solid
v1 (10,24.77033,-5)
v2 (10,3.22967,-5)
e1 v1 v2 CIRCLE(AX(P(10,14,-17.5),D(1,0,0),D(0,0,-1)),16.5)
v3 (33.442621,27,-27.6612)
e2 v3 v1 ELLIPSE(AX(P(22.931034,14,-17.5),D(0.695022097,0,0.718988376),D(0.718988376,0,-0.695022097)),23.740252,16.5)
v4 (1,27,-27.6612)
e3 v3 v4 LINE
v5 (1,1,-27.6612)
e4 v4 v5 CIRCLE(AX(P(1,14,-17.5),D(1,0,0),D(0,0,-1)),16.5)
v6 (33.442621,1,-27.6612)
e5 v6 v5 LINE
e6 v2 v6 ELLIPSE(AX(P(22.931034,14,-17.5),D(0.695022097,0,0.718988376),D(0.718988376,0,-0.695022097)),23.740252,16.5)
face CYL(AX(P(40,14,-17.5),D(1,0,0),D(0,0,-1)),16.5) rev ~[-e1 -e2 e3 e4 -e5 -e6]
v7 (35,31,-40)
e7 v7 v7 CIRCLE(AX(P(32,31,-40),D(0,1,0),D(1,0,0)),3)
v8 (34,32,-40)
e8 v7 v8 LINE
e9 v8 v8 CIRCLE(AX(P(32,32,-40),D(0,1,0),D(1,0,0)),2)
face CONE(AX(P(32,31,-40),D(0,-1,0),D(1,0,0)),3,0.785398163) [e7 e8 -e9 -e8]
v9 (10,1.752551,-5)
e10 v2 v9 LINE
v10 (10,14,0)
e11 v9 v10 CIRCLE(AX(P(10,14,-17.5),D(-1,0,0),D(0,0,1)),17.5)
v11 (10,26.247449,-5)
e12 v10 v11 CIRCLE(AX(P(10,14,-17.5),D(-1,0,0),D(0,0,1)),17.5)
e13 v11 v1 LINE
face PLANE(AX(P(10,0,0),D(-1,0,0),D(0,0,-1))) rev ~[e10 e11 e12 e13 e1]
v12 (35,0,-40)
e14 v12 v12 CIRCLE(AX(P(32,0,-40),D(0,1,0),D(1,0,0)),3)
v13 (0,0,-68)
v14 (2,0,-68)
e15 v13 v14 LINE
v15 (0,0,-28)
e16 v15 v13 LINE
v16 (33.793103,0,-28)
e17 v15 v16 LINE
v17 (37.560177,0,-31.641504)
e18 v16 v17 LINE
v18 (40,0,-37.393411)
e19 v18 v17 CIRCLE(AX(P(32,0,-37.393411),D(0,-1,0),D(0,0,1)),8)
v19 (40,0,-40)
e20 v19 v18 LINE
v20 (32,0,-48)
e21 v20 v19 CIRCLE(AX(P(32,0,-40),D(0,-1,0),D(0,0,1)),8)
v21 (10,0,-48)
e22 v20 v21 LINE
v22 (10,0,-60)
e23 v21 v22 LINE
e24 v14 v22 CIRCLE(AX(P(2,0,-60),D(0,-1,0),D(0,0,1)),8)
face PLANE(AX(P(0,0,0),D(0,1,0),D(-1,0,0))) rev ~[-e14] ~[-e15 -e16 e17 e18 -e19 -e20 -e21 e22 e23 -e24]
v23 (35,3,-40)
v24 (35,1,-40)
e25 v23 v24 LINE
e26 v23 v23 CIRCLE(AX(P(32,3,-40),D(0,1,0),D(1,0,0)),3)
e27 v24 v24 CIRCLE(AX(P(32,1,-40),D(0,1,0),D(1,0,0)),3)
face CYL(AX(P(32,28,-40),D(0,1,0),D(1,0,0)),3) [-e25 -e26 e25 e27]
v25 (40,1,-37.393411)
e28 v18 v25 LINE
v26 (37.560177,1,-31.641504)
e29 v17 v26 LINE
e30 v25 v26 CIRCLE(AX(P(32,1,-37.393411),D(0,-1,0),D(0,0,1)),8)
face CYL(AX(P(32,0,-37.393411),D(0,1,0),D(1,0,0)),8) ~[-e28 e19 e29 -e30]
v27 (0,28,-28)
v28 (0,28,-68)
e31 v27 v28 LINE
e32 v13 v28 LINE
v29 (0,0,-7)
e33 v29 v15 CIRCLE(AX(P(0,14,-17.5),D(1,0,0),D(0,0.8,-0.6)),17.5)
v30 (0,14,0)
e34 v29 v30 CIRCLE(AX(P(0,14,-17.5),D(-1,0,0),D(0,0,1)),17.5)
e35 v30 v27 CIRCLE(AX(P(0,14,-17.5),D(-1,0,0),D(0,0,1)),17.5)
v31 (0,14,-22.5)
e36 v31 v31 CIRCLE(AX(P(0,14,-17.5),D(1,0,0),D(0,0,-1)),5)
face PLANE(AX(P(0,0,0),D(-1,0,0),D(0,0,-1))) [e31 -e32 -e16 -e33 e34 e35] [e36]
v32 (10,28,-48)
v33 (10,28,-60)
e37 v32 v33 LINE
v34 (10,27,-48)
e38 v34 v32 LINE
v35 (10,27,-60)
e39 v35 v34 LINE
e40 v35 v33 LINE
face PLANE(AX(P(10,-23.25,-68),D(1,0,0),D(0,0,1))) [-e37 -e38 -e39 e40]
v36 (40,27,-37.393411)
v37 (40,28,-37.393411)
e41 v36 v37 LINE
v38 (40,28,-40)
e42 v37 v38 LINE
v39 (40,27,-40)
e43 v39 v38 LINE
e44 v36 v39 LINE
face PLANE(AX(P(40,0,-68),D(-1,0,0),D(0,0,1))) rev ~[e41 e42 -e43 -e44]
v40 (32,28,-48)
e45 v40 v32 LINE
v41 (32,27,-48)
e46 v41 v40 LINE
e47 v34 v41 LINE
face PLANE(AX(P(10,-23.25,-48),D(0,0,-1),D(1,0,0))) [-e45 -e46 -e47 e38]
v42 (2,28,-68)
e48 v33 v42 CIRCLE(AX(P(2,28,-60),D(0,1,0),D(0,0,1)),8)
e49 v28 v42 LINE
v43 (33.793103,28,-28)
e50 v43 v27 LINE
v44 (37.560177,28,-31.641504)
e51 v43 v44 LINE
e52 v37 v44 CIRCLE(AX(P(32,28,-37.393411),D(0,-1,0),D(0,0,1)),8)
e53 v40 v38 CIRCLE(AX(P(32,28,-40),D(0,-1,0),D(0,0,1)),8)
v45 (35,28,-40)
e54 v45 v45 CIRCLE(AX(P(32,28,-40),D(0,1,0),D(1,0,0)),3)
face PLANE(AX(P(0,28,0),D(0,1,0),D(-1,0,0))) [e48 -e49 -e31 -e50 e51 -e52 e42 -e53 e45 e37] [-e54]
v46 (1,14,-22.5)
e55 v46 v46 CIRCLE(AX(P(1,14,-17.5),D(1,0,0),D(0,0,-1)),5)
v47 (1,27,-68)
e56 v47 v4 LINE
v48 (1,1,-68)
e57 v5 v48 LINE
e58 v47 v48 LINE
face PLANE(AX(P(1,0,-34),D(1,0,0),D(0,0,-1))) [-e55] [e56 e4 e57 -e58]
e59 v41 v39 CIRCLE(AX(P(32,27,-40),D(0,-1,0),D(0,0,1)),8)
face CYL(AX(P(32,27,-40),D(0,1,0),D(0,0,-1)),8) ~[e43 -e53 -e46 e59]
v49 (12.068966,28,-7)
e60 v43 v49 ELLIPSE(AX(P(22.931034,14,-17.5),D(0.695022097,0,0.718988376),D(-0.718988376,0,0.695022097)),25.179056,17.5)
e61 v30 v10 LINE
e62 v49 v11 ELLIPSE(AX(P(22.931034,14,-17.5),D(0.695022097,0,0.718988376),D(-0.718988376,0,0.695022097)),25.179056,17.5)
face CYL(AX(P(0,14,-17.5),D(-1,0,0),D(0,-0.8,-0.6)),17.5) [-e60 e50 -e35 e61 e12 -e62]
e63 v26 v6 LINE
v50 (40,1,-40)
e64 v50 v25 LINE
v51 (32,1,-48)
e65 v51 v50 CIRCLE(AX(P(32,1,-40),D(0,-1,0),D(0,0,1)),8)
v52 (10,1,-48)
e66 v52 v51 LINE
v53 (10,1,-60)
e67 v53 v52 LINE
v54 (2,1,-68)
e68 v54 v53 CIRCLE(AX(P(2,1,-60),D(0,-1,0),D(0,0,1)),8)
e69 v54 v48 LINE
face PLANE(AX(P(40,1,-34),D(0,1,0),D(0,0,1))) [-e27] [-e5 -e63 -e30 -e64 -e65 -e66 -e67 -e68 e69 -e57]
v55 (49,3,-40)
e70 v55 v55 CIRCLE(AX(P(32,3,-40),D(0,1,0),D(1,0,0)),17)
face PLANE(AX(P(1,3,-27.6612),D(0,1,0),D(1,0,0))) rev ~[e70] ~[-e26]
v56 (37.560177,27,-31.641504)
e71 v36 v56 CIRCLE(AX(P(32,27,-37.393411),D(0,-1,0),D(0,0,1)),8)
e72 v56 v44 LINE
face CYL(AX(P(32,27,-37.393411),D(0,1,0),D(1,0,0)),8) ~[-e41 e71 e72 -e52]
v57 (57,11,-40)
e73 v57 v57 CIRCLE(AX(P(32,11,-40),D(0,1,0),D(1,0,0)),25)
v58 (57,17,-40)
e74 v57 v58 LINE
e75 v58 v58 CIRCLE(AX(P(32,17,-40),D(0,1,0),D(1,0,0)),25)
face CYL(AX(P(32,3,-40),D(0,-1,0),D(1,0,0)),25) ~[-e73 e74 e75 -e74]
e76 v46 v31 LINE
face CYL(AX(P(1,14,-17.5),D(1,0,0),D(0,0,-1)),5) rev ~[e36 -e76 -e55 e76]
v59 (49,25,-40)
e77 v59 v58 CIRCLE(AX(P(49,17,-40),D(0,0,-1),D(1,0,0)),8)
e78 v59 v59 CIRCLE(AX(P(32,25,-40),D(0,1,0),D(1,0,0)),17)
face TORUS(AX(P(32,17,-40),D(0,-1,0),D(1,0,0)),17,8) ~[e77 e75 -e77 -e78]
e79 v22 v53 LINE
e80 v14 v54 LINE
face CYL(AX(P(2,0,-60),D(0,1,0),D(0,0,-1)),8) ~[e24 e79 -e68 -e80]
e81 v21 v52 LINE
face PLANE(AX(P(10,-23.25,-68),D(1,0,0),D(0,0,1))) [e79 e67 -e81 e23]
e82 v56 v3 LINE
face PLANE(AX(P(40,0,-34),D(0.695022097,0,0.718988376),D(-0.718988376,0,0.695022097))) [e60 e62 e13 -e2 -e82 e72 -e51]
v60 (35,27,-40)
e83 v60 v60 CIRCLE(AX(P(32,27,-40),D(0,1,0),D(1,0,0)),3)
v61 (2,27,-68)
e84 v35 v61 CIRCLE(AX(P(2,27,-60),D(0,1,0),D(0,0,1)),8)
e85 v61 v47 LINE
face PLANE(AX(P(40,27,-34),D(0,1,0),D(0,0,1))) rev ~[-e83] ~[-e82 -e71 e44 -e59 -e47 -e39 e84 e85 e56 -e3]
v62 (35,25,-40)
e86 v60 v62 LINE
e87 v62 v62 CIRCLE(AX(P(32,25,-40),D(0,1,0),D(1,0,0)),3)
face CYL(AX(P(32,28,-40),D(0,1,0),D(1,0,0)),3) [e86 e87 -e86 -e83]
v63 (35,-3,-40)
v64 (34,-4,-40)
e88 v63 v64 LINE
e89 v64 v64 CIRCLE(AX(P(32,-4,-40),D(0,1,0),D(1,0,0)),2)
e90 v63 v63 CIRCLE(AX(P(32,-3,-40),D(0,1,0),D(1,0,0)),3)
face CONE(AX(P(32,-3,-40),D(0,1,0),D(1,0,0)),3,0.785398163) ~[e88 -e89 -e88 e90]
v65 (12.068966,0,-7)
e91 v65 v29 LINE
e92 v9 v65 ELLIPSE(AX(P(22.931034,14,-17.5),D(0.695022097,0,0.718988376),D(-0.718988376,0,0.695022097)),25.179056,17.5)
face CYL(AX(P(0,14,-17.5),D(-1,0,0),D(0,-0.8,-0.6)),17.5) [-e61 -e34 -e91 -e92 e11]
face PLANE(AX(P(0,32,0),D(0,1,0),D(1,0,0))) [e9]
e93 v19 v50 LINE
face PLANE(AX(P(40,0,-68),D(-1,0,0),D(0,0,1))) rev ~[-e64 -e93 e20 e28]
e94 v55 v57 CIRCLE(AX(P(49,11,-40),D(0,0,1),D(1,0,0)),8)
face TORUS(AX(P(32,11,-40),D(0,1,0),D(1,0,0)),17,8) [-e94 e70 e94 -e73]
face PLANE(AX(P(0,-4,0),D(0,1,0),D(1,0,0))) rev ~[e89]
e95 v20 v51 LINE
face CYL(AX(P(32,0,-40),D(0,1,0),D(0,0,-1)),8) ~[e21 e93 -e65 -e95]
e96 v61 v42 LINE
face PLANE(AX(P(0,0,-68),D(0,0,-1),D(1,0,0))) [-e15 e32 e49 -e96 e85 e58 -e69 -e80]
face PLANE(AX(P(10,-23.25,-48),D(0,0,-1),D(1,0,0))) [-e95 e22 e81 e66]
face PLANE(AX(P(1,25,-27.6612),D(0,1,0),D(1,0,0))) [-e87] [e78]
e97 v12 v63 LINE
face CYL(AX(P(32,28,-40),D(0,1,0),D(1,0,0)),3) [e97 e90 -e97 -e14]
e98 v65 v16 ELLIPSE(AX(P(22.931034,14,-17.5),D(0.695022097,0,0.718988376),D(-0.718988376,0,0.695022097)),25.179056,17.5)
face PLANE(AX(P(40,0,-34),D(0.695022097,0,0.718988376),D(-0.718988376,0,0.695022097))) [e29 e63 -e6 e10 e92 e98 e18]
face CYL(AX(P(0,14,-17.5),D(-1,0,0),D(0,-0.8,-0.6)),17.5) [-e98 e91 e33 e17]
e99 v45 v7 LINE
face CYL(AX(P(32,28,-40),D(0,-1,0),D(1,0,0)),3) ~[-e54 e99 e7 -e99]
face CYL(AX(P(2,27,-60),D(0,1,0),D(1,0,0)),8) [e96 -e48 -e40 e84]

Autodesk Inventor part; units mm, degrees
ref_plane "YZ Plane" through (0, 0, 0) normal (1, 0, 0) x (0, 1, 0)
sketch "Эскиз1" plane through (0, 0, 0) normal (0, 1, 0) x (-1, 0, 0)
  point P0 (0, 0)
sketch "Эскиз2" plane through (0, 0, 0) normal (0, 1, 0) x (-1, 0, 0)
  line L0 (0, 0) -> (0, -68)
  line L1 (0, -68) -> (-10, -68)
  line L2 (-10, -68) -> (-10, -48)
  line L3 (-10, -48) -> (-40, -48)
  line L4 (0, 0) -> (-10, 0)
  line L5 (-10, 0) -> (-10, -5)
  line L6 (-40, -48) -> (-40, -34)
  line L7 (-40, -34) -> (-10, -5)
  dimension "d0" = 68
  dimension "d1" = 10
  dimension "d2" = 20
  dimension "d3" = 30
  dimension "d4" = 5
  dimension "d5" = 14
extrude "Выдавливание1" add sketch "Эскиз2" along normal blind 28
sketch "Эскиз3" plane through (0, 0, -68) normal (-1, 0, 0) x (0, 0, 1)
  line L0 (68, 0) -> (68, 28) projected
  line L1 (68, 14) -> (33, 14)
  arc A0 (40, 0) -> (40, 28) centre (50.5, 14) ccw
  line L2 (0, 0) -> (68, 0) projected
  line L3 (40, 0) -> (0, 0)
  line L4 (20, 28) -> (0, 28) projected
  line L5 (0, 0) -> (0, 28)
  line L6 (0, 28) -> (40, 28)
  line L7 (0, 28) -> (68, 28) projected
  dimension "d8" = 35
extrude "Выдавливание2" add sketch "Эскиз3" against normal blind 40 contours A0 L2 L5 L4 L6 L7 | A0 L2 | L7 A0
ref_plane "РабПлоскость1" through (0, -23.25, 0) normal (0, -1, 0) x (1, 0, 0)
sketch "Эскиз4" plane through (0, -23.25, 0) normal (0, -1, 0) x (1, 0, 0)
  line L0 (0, -68) -> (40, -68) projected
  line L1 (0, -68) -> (10, -68)
  line L2 (10, -68) -> (10, -48)
  line L3 (10, -48) -> (40, -48)
  line L4 (40, -48) -> (40, -34)
  line L5 (10, 0) -> (10, -5) projected
  line L6 (40, -34) -> (10, -5)
  line L7 (0, 0) -> (10, 0) projected
  line L8 (10, -5) -> (10, 0)
  line L9 (10, 0) -> (0, 0)
  line L10 (0, 0) -> (0, -68)
  dimension "d12" = 10
  dimension "d13" = 20
  dimension "d14" = 30
  dimension "d15" = 14
extrude "Выдавливание3" cut sketch "Эскиз4" against normal blind 139 keep common part
sketch "Эскиз5" plane through (0, 0, 0) normal (-1, 0, 0) x (0, 0, 1)
  arc A0 (-28, 0) -> (-7, 0) centre (-17.5, 14) ccw projected
  circle A1 centre (-17.5, 14) radius 17.5
  line L0 (-68, 0) -> (-68, 28) projected
  line L1 (-28, 0) -> (-68, 0)
  line L2 (-68, 0) -> (-68, 28)
  arc A2 (-7, 28) -> (-28, 28) centre (-17.5, 14) ccw projected
  line L3 (-68, 28) -> (-28, 28)
  point P0 (0, 0)
extrude "Выдавливание4" cut sketch "Эскиз5" against normal blind 43.75 keep common part
sketch "Эскиз6" plane through (40, 0, -34) normal (1, 0, 0) x (0, 0, -1)
  arc A0 (-29, 1.7526) -> (-6, 0) centre (-16.5, 14) ccw projected
  circle A1 centre (-16.5, 14) radius 16.5
  line L0 (0, 0) -> (0, 28) projected
  line L1 (0, 14) -> (34.1975, 14)
  line L2 (34, 28) -> (-6, 28) projected
  line L3 (34, 0) -> (-6, 0) projected
  line L4 (34, 28) -> (34, 0)
  line L5 (34, 0) -> (34, 28) projected
  line L6 (34, 28) -> (34, 27)
  line L7 (34, 27) -> (-6.3388, 27)
  line L8 (34, 0) -> (34, 1)
  line L9 (34, 1) -> (-6.3388, 1)
  line L10 (34, 27) -> (-6.3388, 27)
  line L11 (34, 27) -> (34, 1)
  point P0 (-34, 0)
  point P1 (0, 27)
  dimension "d20" = 33
  dimension "d21" = 1
  dimension "d22" = 1
extrude "Выдавливание5" cut sketch "Эскиз6" against normal blind 39 contours A1 | L0 L9 A1 | L1 L4 L9 L0 | A1 L7 L0 | L0 L7 L4 L1
fillet "Сопряжение1" radius 8 2 edges at (40, 0.5, -48) (40, 27.5, -48)
fillet "Сопряжение2" radius 8 2 edges at (40, 0.5, -34) (40, 27.5, -34)
fillet "Сопряжение3" radius 8 2 edges at (10, 0.5, -68) (10, 27.5, -68)
sketch "Эскиз7" plane through (0, 28, 0) normal (0, 1, 0) x (1, 0, 0)
  arc A0 (40, 40) -> (32, 48) centre (32, 40) ccw projected
  circle A1 centre (32, 40) radius 3
  point P0 (0, 0)
  dimension "d28" = 6
extrude "Выдавливание6" add sketch "Эскиз7" along normal blind 4 and the other way blind 32
sketch "Эскиз8" plane through (1, 0, -34) normal (1, 0, 0) x (0, 0, -1)
  arc A0 (-6.3388, 27) -> (-29, 24.7703) centre (-16.5, 14) ccw projected
  circle A1 centre (-16.5, 14) radius 5
  point P0 (-34, 0)
  dimension "d31" = 10
extrude "Выдавливание7" cut sketch "Эскиз8" against normal blind 31
ref_plane "РабПлоскость2" through (1, 3, -27.6612) normal (0, 1, 0) x (1, 0, 0)
sketch "Эскиз9" plane through (1, 3, -27.6612) normal (0, 1, 0) x (1, 0, 0)
  circle A0 centre (31, 12.3388) radius 3 projected
  circle A1 centre (31, 12.3388) radius 25
  point P0 (-1, -27.6612)
  dimension "d35" = 50
extrude "Выдавливание8" add sketch "Эскиз9" along normal blind 22
fillet "Сопряжение4" radius 8 2 edges at (7, 3, -40) (7, 25, -40)
chamfer "Фаска1" distance 1 angle 45 2 edges at (29, -4, -40) (29, 32, -40)
properties part number "Колесо"
